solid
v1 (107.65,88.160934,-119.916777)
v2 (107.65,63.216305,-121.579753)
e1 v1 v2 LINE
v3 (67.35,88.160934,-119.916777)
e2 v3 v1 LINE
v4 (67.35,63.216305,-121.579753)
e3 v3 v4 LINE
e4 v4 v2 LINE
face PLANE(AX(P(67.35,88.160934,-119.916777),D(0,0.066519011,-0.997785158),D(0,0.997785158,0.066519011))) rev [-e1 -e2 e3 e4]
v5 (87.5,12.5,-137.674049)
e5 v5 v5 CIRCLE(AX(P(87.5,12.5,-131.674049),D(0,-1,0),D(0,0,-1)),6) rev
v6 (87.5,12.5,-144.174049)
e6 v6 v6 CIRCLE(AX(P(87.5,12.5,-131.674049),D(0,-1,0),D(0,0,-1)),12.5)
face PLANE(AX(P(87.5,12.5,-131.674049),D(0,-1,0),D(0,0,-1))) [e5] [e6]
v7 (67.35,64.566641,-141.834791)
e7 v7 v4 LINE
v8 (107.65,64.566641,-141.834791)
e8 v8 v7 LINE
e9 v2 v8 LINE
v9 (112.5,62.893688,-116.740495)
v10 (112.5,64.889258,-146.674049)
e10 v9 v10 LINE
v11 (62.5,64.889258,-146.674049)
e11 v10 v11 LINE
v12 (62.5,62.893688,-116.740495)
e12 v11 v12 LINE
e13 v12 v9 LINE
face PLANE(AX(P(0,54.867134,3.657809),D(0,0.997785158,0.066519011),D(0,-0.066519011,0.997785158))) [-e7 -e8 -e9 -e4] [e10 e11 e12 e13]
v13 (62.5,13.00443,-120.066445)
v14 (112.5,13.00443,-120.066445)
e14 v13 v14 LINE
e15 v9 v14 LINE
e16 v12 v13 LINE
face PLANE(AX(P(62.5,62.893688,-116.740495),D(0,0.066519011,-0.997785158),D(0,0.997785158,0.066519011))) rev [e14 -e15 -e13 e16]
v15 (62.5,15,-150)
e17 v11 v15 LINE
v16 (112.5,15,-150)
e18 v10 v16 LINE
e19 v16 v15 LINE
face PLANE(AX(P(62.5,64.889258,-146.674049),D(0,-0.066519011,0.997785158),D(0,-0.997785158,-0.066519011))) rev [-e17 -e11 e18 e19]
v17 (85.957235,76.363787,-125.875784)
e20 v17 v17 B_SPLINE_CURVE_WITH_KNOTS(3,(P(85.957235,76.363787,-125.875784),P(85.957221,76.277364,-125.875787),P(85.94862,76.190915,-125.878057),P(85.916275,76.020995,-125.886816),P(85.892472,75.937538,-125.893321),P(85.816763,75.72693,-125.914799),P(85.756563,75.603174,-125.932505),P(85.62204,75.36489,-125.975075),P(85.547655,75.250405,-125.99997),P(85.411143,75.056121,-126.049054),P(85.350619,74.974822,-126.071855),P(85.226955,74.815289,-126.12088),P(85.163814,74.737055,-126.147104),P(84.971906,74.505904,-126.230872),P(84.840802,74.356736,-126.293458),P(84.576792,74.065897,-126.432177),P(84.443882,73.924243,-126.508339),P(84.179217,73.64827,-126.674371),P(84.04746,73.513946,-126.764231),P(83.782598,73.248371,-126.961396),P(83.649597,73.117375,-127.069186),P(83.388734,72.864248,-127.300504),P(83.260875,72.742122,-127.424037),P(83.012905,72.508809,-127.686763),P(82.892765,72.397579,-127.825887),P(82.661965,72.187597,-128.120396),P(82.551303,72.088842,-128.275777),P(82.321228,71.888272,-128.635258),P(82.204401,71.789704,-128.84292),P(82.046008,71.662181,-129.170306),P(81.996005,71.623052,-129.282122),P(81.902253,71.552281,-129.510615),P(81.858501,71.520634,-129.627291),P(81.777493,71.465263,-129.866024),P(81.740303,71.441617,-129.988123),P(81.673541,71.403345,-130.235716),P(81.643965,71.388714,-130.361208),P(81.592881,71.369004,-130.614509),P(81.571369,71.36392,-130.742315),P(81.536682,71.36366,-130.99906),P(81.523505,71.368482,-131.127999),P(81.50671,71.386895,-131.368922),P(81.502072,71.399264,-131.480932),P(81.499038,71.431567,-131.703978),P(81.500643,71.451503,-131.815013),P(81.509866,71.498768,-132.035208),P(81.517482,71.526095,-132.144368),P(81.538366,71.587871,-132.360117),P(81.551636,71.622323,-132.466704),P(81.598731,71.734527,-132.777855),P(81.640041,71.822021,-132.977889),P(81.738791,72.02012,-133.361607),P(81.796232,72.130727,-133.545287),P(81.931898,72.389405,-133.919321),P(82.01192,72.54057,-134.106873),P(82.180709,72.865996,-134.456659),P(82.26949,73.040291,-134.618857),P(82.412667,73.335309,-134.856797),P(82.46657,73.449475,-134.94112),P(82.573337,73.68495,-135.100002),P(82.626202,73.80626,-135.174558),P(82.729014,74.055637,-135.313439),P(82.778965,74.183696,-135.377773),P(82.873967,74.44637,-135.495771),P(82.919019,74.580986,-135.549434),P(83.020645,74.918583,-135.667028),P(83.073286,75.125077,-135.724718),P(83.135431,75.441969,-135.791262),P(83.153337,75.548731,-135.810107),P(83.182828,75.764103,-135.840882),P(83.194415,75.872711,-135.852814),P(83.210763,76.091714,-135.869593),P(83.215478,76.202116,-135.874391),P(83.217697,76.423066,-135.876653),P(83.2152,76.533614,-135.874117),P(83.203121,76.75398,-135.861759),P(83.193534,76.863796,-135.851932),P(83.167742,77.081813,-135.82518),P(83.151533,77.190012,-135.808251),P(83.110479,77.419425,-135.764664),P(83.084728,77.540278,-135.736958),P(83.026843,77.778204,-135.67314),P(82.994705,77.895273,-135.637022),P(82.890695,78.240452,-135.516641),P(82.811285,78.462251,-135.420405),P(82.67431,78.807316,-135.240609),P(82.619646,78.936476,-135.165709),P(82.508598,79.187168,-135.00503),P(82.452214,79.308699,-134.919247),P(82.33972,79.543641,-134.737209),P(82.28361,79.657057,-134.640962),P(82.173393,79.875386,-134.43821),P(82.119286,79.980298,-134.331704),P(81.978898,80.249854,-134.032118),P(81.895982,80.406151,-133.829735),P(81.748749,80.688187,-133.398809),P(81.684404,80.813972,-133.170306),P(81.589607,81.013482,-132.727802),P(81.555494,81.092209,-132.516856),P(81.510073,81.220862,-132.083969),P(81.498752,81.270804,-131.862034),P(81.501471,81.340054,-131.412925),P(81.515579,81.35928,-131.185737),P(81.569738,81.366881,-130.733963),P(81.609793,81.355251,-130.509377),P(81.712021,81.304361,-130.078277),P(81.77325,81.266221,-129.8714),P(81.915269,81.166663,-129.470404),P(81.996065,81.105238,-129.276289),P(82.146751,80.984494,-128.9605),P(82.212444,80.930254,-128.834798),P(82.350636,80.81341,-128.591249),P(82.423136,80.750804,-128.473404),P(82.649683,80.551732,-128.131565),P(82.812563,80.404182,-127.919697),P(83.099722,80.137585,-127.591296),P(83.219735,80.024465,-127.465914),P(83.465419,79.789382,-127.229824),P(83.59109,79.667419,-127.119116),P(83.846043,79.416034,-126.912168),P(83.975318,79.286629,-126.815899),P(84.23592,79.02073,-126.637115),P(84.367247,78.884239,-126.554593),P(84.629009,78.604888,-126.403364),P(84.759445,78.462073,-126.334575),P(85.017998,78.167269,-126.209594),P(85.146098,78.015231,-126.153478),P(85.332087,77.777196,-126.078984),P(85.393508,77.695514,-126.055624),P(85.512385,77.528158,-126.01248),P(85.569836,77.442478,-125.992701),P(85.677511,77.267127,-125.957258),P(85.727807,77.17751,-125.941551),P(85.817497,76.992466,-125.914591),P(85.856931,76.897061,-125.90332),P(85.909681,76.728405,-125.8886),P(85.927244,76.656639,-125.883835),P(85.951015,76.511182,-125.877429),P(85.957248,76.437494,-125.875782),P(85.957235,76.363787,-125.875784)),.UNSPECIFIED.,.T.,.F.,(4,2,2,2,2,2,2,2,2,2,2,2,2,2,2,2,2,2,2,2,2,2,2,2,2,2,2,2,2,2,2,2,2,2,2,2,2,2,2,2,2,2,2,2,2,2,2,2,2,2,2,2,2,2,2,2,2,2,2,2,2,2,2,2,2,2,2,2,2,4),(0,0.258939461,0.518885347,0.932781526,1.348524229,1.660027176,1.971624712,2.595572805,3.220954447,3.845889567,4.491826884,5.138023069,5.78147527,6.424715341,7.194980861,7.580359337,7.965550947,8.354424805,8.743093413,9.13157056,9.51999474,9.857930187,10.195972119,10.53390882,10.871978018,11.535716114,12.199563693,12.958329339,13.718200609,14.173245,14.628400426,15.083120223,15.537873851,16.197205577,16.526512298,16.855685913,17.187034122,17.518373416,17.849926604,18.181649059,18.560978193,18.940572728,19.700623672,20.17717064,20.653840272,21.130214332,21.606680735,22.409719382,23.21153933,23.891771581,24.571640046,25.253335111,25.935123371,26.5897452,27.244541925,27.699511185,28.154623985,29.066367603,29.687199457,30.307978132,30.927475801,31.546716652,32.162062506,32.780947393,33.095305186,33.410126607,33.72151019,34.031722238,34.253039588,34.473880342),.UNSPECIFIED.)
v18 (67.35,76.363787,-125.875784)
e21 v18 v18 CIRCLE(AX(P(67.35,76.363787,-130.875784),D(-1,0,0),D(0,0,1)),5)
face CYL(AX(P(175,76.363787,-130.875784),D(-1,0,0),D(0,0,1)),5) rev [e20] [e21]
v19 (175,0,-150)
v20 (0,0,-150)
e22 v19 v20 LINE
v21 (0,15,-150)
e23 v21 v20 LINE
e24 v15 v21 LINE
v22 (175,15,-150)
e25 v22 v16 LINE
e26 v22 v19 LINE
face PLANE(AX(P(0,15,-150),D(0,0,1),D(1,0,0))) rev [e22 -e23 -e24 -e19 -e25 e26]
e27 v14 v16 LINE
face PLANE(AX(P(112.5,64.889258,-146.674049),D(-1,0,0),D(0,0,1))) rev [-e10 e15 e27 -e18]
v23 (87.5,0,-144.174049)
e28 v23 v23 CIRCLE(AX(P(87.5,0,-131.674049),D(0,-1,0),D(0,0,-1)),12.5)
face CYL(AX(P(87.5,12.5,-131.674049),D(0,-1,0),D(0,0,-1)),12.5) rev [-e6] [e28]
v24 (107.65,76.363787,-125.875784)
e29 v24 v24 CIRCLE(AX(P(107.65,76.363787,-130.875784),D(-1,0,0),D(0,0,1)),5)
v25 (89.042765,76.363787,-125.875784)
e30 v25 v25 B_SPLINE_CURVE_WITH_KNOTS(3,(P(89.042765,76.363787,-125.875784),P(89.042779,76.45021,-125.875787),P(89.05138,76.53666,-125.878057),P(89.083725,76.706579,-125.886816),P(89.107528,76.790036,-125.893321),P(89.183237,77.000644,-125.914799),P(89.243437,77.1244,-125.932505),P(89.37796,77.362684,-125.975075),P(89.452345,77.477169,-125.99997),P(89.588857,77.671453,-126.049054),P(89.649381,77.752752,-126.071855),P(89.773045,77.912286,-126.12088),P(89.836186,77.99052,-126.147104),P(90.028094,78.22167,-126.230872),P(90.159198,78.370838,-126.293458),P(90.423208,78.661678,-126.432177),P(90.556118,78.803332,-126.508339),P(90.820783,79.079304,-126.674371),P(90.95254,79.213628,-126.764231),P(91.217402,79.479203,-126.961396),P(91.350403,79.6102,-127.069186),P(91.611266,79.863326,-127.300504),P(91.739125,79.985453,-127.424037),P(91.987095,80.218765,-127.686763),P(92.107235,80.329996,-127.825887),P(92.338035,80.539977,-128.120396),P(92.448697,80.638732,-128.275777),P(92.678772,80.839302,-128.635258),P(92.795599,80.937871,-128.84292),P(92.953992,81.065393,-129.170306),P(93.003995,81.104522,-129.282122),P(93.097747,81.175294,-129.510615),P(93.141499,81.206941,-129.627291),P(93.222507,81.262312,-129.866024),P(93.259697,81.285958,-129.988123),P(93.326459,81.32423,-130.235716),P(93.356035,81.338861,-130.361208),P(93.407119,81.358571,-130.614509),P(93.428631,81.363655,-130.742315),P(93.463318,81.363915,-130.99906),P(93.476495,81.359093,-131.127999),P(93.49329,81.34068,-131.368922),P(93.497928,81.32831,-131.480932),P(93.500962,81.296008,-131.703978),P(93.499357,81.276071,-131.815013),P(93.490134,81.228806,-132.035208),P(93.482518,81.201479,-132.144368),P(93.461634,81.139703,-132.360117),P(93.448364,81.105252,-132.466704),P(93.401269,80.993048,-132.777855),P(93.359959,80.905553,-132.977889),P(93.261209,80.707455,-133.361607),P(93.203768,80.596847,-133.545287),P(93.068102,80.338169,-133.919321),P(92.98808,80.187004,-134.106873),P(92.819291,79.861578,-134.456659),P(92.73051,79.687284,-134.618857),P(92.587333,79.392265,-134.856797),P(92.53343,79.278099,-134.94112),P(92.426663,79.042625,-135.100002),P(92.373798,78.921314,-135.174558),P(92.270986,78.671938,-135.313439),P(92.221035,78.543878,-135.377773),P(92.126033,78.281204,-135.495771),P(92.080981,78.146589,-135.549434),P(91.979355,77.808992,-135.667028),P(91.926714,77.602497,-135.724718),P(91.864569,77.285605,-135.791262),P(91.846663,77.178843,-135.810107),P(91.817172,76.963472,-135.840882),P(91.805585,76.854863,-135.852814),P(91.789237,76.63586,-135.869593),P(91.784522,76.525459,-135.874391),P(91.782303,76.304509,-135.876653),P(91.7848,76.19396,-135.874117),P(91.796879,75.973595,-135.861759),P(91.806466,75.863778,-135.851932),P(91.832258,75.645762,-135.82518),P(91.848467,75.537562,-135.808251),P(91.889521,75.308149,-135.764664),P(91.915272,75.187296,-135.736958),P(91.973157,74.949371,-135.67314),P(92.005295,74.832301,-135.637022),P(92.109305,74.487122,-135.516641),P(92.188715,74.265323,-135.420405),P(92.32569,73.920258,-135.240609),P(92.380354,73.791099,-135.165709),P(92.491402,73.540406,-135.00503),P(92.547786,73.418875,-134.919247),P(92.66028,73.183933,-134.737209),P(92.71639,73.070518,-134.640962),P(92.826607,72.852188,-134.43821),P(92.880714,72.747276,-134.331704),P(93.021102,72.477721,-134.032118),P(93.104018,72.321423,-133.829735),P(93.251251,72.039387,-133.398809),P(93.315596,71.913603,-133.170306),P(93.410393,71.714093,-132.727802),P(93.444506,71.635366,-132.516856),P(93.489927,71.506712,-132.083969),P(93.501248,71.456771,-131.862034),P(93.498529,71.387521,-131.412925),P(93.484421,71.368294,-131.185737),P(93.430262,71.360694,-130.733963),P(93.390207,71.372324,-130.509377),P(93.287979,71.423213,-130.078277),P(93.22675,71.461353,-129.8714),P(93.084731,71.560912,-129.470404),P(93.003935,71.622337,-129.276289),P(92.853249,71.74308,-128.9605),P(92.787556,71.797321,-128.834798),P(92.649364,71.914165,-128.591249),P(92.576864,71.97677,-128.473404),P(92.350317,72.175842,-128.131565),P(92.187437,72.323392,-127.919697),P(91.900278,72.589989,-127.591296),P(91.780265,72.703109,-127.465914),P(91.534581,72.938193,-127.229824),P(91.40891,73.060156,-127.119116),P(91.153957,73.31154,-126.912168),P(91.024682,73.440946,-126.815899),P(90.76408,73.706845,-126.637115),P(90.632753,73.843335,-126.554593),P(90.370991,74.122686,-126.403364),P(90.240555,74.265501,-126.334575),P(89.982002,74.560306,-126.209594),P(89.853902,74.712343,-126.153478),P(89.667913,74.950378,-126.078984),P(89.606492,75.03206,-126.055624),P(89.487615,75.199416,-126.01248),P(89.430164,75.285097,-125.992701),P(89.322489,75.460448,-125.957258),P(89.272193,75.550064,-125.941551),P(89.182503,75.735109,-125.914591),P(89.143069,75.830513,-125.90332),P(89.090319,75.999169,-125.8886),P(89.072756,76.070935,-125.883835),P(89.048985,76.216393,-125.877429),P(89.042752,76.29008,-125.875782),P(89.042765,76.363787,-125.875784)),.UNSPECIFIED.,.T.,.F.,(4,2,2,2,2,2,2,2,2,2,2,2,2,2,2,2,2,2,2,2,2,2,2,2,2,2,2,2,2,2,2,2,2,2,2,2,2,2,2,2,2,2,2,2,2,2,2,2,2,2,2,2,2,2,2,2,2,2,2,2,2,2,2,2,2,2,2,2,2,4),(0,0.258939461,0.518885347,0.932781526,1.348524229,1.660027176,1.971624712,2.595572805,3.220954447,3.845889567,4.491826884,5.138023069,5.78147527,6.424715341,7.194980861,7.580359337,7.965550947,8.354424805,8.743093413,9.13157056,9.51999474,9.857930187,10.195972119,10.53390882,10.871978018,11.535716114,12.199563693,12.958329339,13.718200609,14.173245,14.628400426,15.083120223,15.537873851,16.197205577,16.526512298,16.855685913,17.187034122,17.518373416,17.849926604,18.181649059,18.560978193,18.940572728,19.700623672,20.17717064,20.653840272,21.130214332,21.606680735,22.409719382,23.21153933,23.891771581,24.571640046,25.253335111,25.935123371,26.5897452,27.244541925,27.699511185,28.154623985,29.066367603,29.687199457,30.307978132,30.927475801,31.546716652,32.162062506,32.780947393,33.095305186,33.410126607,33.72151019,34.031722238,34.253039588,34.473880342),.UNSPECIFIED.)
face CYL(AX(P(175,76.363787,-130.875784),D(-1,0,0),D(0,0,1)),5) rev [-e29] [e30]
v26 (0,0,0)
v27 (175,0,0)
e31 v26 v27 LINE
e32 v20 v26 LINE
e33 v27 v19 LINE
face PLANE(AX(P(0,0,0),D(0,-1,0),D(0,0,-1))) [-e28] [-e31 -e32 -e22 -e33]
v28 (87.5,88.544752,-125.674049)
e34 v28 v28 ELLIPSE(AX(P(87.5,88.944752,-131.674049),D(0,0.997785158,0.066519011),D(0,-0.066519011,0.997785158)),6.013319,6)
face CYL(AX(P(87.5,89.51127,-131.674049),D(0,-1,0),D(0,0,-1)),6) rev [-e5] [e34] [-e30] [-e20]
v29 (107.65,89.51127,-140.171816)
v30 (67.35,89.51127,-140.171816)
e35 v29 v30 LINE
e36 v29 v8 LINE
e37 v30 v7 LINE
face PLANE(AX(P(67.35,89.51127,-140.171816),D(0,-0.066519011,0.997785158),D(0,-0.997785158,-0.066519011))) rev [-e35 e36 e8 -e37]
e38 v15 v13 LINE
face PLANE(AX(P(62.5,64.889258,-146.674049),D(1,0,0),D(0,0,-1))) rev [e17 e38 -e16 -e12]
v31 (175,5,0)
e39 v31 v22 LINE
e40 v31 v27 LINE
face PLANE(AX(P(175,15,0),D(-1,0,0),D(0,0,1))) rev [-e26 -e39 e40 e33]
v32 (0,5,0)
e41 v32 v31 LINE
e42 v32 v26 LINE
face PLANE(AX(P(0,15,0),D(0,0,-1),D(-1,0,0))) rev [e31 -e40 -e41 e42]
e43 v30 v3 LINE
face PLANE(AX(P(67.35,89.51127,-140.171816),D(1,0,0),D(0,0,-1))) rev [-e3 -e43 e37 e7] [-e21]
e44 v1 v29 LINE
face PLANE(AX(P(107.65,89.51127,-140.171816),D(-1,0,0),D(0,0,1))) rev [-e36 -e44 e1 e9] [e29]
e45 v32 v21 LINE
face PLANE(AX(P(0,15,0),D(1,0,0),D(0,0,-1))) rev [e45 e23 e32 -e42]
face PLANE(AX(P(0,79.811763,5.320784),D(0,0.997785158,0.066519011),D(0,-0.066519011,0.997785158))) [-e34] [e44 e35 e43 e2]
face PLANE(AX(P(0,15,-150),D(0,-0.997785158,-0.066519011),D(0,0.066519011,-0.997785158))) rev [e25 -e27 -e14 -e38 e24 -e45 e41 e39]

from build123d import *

# Parameters (mm, degrees)
SKETCH1_W           = 175
SKETCH1_H           = 150
BOSS_EXTRUDE1_DEPTH = 15
CUT_EXTRUDE1_DEPTH  = 231.976189249
SKETCH3_W           = 50
SKETCH3_H           = 30
BOSS_EXTRUDE2_DEPTH = 50
SKETCH4_W           = 40.3
SKETCH4_H           = 20.3
BOSS_EXTRUDE3_DEPTH = 25
SKETCH5_R           = 5
CUT_EXTRUDE3_DEPTH  = 206.184770127
SKETCH7_R           = 6
CUT_EXTRUDE5_DEPTH  = 248.25951426
SKETCH8_R           = 12.5
CUT_EXTRUDE6_DEPTH  = 12.5


with BuildPart() as part:
    # Sketch1 → Boss-Extrude1 (new body)
    with BuildSketch(Plane(origin=(0, 0, 0), x_dir=(1, 0, 0), z_dir=(0, 1, 0))):
        with Locations((87.5, 75)):
            Rectangle(SKETCH1_W, SKETCH1_H)
    extrude(amount=BOSS_EXTRUDE1_DEPTH)

    # Sketch2 → Cut-Extrude1 (cut, through all)
    with BuildSketch(Plane(origin=(175, 0, 0), x_dir=(0, 0, -1), z_dir=(1, 0, 0))):
        Polygon((150, 15), (0, 5), (0, 15), align=None)
    extrude(amount=-CUT_EXTRUDE1_DEPTH, mode=Mode.SUBTRACT)

    # Sketch3 → Boss-Extrude2 (add)
    with BuildSketch(Plane(origin=(0, 4.977876106, 0.331858407), x_dir=(1, 0, 0), z_dir=(0, 0.997785157856609, 0.06651901052377394))):
        with Locations((87.5, 135.665558836)):
            Rectangle(SKETCH3_W, SKETCH3_H)
    extrude(amount=BOSS_EXTRUDE2_DEPTH)

    # Sketch4 → Boss-Extrude3 (add)
    with BuildSketch(Plane(origin=(0, 54.867133999, 3.657808933), x_dir=(1, 0, 0), z_dir=(0, 0.997785157856609, 0.0665190105237739))):
        with Locations((87.5, 135.665558836)):
            Rectangle(SKETCH4_W, SKETCH4_H)
    extrude(amount=BOSS_EXTRUDE3_DEPTH)

    # Sketch5 → Cut-Extrude3 (cut, through all)
    with BuildSketch(Plane.ZY.offset(-67.35)):
        with Locations((-130.875784474, 76.363787208)):
            Circle(SKETCH5_R)
    extrude(amount=-CUT_EXTRUDE3_DEPTH, mode=Mode.SUBTRACT)

    # Sketch7 → Cut-Extrude5 (cut, through all)
    with BuildSketch(Plane.XZ):
        with Locations(Location((87.5, -131.674049474, 0), (0, 0, 270))):
            Circle(SKETCH7_R)
    extrude(amount=-CUT_EXTRUDE5_DEPTH, mode=Mode.SUBTRACT)

    # Sketch8 → Cut-Extrude6 (cut)
    with BuildSketch(Plane.XZ):
        with Locations(Location((87.5, -131.674049474, 0), (0, 0, 270))):
            Circle(SKETCH8_R)
    extrude(amount=-CUT_EXTRUDE6_DEPTH, mode=Mode.SUBTRACT)


solid = part.part
